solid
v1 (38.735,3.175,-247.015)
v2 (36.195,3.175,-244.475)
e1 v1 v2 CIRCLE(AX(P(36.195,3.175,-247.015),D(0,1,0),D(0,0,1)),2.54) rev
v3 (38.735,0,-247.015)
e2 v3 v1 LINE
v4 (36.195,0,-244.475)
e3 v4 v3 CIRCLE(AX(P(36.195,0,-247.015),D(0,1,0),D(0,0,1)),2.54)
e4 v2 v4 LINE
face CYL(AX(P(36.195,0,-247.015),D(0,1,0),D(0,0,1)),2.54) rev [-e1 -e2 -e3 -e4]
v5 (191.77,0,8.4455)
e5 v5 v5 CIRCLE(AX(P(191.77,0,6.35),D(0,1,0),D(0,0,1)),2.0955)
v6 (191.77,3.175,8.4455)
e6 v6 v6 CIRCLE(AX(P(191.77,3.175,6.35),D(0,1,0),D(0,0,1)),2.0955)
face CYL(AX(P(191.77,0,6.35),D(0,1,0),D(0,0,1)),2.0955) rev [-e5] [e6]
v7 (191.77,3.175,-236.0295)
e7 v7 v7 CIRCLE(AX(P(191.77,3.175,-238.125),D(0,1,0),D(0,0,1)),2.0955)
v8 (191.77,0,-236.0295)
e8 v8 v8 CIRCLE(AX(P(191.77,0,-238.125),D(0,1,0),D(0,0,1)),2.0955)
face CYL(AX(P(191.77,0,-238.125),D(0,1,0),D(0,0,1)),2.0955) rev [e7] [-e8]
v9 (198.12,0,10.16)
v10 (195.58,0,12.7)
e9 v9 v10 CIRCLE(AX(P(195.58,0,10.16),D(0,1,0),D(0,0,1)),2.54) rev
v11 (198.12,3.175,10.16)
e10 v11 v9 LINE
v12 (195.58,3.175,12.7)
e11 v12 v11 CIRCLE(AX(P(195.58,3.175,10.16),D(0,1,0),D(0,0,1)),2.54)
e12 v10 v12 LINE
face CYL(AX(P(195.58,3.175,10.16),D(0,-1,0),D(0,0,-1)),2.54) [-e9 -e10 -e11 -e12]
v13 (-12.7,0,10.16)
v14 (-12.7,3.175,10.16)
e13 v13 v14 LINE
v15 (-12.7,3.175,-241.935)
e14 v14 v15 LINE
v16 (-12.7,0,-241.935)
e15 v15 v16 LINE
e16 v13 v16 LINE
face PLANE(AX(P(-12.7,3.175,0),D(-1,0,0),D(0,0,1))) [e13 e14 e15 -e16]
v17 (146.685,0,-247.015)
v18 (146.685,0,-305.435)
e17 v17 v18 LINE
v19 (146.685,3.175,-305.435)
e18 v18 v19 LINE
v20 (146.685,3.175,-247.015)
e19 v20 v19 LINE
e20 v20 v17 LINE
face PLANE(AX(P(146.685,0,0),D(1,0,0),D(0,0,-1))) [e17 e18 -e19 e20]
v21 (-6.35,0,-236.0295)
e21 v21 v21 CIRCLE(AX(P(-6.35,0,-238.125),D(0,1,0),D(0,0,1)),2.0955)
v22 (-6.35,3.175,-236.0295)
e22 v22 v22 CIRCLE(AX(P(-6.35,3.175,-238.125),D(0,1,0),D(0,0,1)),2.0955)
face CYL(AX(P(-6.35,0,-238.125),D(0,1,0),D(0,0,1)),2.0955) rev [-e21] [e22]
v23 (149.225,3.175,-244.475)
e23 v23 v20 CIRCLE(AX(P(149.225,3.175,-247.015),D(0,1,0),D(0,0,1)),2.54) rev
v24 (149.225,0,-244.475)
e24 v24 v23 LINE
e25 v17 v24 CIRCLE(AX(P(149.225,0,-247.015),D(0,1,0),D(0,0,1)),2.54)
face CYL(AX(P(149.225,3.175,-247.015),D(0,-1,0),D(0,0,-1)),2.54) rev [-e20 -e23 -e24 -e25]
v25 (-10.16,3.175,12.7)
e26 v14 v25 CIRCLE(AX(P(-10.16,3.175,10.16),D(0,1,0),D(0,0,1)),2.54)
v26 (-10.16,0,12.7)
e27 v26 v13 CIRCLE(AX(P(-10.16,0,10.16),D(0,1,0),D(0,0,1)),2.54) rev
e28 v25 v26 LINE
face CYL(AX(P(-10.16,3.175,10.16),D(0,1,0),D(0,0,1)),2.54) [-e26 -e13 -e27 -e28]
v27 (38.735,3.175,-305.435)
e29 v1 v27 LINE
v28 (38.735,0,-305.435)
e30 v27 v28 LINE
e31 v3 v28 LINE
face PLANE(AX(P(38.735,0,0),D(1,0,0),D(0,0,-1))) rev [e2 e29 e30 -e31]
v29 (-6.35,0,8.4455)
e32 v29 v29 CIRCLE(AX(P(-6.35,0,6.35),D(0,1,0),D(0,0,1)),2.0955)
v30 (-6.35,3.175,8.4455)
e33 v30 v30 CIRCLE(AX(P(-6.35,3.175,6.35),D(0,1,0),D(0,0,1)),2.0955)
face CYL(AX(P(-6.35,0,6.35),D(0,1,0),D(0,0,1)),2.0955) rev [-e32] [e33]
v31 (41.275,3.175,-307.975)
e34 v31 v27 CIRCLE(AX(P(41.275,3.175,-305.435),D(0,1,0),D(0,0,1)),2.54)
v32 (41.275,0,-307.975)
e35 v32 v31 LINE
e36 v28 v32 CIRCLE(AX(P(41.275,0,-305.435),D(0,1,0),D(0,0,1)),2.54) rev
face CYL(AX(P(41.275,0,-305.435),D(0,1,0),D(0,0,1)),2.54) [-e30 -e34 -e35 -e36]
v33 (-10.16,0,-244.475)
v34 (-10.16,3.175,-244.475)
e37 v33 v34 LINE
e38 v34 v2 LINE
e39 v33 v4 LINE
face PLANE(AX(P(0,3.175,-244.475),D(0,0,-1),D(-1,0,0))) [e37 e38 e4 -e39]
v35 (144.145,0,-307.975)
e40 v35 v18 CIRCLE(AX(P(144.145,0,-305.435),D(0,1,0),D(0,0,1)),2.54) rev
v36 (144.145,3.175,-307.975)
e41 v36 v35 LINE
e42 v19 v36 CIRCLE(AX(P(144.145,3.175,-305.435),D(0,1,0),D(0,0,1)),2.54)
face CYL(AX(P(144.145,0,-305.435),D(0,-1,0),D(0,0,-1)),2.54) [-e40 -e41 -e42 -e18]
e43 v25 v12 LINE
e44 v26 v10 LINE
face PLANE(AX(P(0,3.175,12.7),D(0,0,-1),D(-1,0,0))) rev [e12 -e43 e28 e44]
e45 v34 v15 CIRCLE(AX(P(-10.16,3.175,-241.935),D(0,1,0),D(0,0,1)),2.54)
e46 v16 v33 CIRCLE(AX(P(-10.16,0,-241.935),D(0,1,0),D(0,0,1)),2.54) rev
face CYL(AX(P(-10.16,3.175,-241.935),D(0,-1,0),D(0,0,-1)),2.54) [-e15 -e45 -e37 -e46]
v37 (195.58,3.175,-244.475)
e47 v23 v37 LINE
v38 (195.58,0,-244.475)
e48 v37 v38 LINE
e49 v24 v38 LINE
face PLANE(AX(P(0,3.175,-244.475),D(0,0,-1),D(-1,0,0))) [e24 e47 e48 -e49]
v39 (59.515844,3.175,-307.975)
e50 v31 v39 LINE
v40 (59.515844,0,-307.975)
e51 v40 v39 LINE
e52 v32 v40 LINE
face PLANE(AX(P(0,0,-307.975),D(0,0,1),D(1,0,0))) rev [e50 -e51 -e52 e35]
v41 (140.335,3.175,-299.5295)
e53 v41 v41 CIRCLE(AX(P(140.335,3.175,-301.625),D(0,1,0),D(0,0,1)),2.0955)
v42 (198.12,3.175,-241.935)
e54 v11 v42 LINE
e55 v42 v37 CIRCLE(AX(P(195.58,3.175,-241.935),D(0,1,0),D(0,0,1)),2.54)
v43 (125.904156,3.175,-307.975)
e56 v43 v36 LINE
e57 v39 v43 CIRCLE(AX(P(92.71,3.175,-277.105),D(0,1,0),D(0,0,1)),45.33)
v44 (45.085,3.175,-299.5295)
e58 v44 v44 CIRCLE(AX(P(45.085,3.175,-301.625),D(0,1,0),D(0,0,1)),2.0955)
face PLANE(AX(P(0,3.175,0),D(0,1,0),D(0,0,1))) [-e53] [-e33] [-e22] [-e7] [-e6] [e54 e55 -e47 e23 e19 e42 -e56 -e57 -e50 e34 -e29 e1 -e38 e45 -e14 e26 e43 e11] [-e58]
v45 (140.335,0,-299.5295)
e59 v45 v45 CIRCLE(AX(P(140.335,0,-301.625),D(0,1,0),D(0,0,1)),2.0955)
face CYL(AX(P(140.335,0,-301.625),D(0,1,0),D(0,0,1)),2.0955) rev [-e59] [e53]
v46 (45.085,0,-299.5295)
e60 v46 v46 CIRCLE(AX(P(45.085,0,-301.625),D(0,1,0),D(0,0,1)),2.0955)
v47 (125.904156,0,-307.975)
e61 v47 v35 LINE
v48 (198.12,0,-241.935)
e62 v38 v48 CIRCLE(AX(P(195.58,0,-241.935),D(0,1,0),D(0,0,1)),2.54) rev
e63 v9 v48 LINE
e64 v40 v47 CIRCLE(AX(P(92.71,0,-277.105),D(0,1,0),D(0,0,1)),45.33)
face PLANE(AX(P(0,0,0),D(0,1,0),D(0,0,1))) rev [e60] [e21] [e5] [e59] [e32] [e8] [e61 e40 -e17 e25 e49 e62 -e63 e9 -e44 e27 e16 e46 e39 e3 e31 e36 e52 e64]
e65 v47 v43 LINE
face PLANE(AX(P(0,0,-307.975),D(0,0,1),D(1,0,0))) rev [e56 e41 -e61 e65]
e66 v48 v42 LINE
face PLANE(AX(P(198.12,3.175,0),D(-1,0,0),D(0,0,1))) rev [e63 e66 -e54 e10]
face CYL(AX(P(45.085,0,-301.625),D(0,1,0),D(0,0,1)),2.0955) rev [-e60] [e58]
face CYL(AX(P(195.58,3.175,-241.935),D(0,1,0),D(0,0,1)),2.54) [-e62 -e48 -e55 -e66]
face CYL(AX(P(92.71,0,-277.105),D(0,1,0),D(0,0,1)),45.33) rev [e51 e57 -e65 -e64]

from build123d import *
from build123d.topology import SkipClean

# Parameters (mm, degrees)
SKETCH1_W           = 210.82
SKETCH1_H           = 257.175
BOSS_EXTRUDE1_DEPTH = 3.175
SKETCH3_R           = 2.0955
CUT_EXTRUDE1_DEPTH  = 3.175
SKETCH3_3_R         = 2.0955
BOSS_EXTRUDE2_DEPTH = 3.175
FILLET1_R           = 2.54


with BuildPart() as part:
    # Sketch1 → Boss-Extrude1 (new body)
    with BuildSketch(Plane(origin=(0, 0, 0), x_dir=(1, 0, 0), z_dir=(0, 1, 0))):
        with Locations((92.71, 115.8875)):
            Rectangle(SKETCH1_W, SKETCH1_H)
    extrude(amount=BOSS_EXTRUDE1_DEPTH)

    # Sketch3 → Cut-Extrude1 (cut)
    with BuildSketch(Plane(origin=(0, 3.175, 0), x_dir=(1, 0, 0), z_dir=(0, 1, 0))):
        with BuildLine():
            ThreePointArc((61.244272613, 244.475), (92.71, 231.775), (124.175727387, 244.475))
            Line((124.175727387, 244.475), (61.244272613, 244.475))
        make_face()
        with Locations((-6.35, 238.125)):
            Circle(SKETCH3_R)
        with Locations((191.77, 238.125)):
            Circle(SKETCH3_R)
        with Locations((191.77, -6.35)):
            Circle(SKETCH3_R)
        with Locations((-6.35, -6.35)):
            Circle(SKETCH3_R)
    extrude(amount=-CUT_EXTRUDE1_DEPTH, mode=Mode.SUBTRACT)

    # Sketch3_3 → Boss-Extrude2 (add)
    # profile 1 of 2: a face of its own
    with SkipClean():  # the faces are left unmerged after this step: merging them gives an invalid solid
        with BuildSketch(Plane(origin=(0, 3.175, 0), x_dir=(1, 0, 0), z_dir=(0, 1, 0))):
            with BuildLine():
                Line((38.735, 244.475), (61.244272613, 244.475))
                ThreePointArc((61.244272613, 244.475), (47.396783015, 275.871603687), (59.515843888, 307.975))
                Line((59.515843888, 307.975), (38.735, 307.975))
                Line((38.735, 307.975), (38.735, 244.475))
            make_face()
            with Locations((45.085, 301.625)):
                Circle(SKETCH3_3_R, mode=Mode.SUBTRACT)
        # profile 2 of 2: a face of its own
        with BuildSketch(Plane(origin=(0, 3.175, 0), x_dir=(1, 0, 0), z_dir=(0, 1, 0))):
            with BuildLine():
                Line((124.175727387, 244.475), (146.685, 244.475))
                Line((146.685, 244.475), (146.685, 307.975))
                Line((146.685, 307.975), (125.904156112, 307.975))
                ThreePointArc((125.904156112, 307.975), (138.023216985, 275.871603687), (124.175727387, 244.475))
            make_face()
            with Locations((140.335, 301.625)):
                Circle(SKETCH3_3_R, mode=Mode.SUBTRACT)
        extrude(amount=-BOSS_EXTRUDE2_DEPTH)

    # Fillet1
    fillet1_edges = [part.edges().sort_by_distance(p)[0] for p in [
        (38.735, 1.5875, -244.475),
        (146.685, 1.5875, -244.475),
        (38.735, 1.5875, -307.975),
        (146.685, 1.5875, -307.975),
        (-12.7, 1.5875, 12.7),
        (-12.7, 1.5875, -244.475),
        (198.12, 1.5875, -244.475),
        (198.12, 1.5875, 12.7),
    ]]
    fillet(fillet1_edges, radius=FILLET1_R)


solid = part.part
